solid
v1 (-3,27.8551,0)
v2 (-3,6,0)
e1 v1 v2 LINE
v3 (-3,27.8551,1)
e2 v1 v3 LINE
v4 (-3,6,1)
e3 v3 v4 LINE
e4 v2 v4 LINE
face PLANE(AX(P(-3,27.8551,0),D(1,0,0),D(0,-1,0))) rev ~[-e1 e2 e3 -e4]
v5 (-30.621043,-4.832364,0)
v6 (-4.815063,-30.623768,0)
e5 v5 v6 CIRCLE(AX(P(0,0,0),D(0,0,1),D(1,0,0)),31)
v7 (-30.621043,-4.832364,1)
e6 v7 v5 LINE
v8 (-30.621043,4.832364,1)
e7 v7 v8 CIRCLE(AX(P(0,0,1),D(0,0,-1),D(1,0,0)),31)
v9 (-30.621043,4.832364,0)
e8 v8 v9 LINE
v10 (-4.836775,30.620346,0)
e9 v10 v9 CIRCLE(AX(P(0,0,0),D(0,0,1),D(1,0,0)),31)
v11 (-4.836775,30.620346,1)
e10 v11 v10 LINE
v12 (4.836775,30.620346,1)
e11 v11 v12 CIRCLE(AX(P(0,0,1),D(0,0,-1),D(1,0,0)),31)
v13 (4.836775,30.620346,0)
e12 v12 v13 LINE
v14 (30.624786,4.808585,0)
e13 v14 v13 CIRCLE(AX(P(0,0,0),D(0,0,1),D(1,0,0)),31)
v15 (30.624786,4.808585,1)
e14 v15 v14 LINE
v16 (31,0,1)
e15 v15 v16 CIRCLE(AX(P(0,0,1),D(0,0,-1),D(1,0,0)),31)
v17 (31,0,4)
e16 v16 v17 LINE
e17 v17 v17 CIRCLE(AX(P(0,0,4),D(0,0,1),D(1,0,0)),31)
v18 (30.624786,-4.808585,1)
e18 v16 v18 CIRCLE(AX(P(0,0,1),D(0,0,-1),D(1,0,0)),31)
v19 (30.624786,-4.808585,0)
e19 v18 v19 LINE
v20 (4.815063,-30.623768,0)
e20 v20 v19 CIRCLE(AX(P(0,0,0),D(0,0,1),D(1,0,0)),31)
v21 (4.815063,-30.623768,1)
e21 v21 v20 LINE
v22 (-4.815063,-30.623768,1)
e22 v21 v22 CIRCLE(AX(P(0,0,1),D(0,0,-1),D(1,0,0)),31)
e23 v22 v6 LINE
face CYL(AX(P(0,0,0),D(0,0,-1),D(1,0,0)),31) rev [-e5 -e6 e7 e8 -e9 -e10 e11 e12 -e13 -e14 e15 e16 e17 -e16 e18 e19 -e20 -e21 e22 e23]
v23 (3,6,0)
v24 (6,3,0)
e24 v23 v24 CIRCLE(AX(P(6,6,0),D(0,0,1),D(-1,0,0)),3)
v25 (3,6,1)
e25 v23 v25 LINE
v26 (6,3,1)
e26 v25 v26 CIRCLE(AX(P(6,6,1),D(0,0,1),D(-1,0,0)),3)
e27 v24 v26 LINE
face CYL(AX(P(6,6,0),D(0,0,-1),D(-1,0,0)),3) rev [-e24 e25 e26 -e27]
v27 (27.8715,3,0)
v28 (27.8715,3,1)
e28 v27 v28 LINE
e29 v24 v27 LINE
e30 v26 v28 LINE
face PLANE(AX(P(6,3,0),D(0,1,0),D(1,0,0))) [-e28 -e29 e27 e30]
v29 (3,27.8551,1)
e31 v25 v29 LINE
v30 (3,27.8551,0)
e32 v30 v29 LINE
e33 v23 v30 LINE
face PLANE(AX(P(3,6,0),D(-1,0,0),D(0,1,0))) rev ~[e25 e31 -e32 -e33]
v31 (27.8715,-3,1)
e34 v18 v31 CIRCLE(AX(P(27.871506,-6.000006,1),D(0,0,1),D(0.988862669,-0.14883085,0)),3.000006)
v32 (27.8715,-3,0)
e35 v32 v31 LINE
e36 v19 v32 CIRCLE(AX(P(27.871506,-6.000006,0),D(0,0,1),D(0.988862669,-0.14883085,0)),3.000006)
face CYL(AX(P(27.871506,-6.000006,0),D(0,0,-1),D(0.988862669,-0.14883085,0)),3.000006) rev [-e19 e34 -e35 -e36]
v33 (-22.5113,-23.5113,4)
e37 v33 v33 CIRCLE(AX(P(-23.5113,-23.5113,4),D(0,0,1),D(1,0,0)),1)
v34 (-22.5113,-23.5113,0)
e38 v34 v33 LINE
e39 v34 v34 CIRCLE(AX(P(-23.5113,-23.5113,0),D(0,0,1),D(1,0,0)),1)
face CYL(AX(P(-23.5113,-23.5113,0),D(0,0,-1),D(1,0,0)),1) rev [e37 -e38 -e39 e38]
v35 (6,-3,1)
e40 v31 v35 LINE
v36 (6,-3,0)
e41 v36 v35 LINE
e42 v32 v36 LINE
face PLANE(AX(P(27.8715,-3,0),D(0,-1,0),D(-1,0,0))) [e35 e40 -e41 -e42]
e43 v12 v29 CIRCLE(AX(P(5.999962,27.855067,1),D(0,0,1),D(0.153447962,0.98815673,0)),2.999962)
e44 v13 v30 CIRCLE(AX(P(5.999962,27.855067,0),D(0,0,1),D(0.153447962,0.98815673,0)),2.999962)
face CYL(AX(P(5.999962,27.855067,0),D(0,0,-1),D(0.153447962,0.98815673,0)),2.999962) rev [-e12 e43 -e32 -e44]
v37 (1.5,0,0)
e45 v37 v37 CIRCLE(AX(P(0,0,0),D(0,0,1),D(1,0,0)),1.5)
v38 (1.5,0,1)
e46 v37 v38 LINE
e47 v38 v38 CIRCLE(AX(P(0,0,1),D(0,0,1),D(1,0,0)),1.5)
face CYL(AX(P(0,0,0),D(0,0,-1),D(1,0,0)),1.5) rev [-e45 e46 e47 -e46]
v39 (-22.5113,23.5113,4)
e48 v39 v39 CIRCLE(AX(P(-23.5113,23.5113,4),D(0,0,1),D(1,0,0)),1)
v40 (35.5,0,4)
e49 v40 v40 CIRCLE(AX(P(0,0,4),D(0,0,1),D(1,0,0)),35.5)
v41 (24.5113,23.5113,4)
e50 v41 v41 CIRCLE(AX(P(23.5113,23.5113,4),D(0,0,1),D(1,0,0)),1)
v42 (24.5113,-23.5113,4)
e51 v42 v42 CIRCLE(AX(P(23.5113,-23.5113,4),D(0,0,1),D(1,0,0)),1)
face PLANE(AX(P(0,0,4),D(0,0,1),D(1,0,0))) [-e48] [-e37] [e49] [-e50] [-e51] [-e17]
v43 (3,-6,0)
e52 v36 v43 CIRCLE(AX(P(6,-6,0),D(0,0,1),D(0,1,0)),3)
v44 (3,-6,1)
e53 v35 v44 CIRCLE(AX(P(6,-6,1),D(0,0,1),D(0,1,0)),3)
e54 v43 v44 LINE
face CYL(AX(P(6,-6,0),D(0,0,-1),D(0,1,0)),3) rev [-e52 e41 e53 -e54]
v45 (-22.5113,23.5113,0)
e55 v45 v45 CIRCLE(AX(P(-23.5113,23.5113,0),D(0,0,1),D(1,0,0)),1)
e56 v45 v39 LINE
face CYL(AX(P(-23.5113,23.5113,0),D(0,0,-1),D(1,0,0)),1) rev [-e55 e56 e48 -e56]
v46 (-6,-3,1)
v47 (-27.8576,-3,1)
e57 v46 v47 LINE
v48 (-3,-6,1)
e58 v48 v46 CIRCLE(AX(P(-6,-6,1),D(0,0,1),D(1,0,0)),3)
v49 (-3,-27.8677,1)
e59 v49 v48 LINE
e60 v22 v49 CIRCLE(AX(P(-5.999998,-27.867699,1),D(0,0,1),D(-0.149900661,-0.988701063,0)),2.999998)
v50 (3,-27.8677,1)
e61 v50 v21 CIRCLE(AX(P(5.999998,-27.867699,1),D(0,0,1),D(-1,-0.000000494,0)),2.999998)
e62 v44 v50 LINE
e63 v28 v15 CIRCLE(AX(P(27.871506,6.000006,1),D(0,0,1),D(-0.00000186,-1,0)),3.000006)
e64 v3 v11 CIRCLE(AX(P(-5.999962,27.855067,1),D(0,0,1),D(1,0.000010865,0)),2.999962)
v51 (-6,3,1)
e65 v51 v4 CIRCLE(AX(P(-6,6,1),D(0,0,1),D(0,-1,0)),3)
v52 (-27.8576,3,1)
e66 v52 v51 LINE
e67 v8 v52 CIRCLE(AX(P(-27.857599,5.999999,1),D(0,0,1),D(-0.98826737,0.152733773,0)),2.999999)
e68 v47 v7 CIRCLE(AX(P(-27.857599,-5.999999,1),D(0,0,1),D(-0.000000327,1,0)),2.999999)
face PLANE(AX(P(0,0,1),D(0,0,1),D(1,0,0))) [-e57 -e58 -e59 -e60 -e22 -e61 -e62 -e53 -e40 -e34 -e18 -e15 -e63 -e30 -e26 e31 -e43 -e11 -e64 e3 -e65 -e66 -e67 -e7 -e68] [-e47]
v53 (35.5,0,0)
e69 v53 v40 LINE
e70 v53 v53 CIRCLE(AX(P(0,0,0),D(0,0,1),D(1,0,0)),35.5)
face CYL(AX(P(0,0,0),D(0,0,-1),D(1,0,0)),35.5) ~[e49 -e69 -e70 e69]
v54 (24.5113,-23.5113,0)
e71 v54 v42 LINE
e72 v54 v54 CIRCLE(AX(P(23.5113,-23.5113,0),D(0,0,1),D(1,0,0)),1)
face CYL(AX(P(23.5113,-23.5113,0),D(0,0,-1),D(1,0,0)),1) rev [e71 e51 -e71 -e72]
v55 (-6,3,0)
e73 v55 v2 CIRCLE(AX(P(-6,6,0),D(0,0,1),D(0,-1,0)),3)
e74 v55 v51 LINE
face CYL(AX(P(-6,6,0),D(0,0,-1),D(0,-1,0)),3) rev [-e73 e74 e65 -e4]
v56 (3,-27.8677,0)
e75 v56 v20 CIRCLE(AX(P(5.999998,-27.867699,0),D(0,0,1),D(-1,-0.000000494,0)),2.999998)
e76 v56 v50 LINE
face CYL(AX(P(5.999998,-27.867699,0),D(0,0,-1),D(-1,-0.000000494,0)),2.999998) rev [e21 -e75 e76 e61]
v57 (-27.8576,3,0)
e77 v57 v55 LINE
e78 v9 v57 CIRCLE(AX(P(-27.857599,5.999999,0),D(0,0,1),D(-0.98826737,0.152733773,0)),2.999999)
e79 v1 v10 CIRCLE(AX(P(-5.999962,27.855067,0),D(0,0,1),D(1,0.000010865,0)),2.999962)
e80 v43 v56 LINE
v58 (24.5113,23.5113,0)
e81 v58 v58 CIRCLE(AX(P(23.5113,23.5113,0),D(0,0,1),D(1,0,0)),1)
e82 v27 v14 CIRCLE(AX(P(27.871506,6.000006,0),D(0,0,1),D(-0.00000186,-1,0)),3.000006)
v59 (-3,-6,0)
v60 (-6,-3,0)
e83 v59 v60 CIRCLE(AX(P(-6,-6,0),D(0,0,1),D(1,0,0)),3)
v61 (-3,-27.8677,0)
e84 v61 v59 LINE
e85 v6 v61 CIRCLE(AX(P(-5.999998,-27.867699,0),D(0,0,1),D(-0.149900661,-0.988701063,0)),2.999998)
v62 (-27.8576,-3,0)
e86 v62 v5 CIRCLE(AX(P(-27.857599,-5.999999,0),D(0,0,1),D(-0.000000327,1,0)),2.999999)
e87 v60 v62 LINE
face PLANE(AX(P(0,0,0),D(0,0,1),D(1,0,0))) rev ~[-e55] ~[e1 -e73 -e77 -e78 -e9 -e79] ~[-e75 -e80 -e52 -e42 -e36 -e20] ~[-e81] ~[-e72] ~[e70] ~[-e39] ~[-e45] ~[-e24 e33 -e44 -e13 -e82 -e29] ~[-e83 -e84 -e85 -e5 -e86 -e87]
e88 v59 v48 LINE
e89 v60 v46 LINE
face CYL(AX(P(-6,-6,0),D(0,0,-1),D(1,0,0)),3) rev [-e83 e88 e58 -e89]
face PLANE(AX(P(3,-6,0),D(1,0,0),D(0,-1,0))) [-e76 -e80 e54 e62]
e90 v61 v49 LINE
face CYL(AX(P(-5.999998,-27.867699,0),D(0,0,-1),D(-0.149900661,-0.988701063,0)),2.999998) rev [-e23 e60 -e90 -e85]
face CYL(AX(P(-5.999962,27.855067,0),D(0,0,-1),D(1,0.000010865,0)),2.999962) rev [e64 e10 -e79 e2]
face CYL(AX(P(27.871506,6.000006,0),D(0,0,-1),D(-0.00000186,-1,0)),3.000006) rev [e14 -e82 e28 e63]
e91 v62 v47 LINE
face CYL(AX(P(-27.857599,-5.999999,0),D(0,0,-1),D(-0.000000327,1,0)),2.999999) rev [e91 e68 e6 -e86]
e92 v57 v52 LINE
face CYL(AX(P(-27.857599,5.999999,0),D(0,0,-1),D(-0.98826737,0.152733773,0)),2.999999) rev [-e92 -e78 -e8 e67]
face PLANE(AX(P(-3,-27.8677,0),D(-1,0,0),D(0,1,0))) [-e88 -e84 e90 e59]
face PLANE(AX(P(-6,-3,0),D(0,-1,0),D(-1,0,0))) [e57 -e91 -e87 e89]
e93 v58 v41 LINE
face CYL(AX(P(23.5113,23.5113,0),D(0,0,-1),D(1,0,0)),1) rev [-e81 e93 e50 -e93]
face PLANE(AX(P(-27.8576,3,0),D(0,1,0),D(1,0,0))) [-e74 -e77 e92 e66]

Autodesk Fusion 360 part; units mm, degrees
sketch "Sketch1" plane through (0, 0, 0) normal (0, 0, 1) x (1, 0, 0)
  circle A0 centre (0, 0) radius 36.5
  circle A1 centre (0, 0) radius 31.5
  line L0 (3, 0) -> (36.5, 0) construction
  circle A2 centre (-24.0416, 24.0416) radius 1
  circle A3 centre (24.0416, 24.0416) radius 1
  circle A4 centre (-24.0416, -24.0416) radius 1
  circle A5 centre (24.0416, -24.0416) radius 1
  line L1 (3, 6) -> (3, 27.8551)
  line L2 (-3, 27.8551) -> (-3, 6)
  line L3 (6, 3) -> (27.8715, 3)
  line L4 (27.8715, -3) -> (6, -3)
  line L5 (3, -6) -> (3, -27.8677)
  line L6 (3, -35) -> (-3, -35)
  line L7 (-3, -27.8677) -> (-3, -6)
  line L8 (-6, -3) -> (-27.8576, -3)
  line L9 (-27.8576, 3) -> (-6, 3)
  arc A6 (3, 6) -> (6, 3) centre (6, 6) ccw
  arc A7 (6, -3) -> (3, -6) centre (6, -6) ccw
  arc A8 (-3, -6) -> (-6, -3) centre (-6, -6) ccw
  arc A9 (-6, 3) -> (-3, 6) centre (-6, 6) ccw
  line L10 (-30.8224, 6.4582) -> (-30.7996, 6.6055)
  line L11 (-30.8224, -6.4582) -> (-30.7996, -6.6055)
  arc A10 (-30.8224, 6.4582) -> (-27.8576, 3) centre (-27.8576, 6) ccw
  arc A11 (-27.8576, -3) -> (-30.8224, -6.4582) centre (-27.8576, -6) ccw
  line L12 (-6.4497, -30.8338) -> (-6.43, -30.8367)
  line L13 (6.4497, -30.8338) -> (6.43, -30.8367)
  arc A12 (-6.4497, -30.8338) -> (-3, -27.8677) centre (-6, -27.8677) ccw
  arc A13 (3, -27.8677) -> (6.4497, -30.8338) centre (6, -27.8677) ccw
  line L14 (30.8381, 6.4465) -> (30.8507, 6.3627)
  line L15 (30.8381, -6.4465) -> (30.8507, -6.3627)
  arc A14 (30.8381, -6.4465) -> (27.8715, -3) centre (27.8715, -6) ccw
  arc A15 (27.8715, 3) -> (30.8381, 6.4465) centre (27.8715, 6) ccw
  line L16 (6.4603, 30.8195) -> (6.6494, 30.7902)
  line L17 (-6.4603, 30.8195) -> (-6.6494, 30.7902)
  arc A16 (-3, 27.8551) -> (-6.4603, 30.8195) centre (-6, 27.8551) ccw
  arc A17 (6.4603, 30.8195) -> (3, 27.8551) centre (6, 27.8551) ccw
  circle A18 centre (0, 0) radius 1.5
  dimension "d1" = 73
  dimension "d2" = 63
  dimension "d5" = 2
  dimension "d6" = 2
  dimension "d7" = 2
  dimension "d8" = 2
  dimension "d10" = 3
  dimension "d11" = 3
  dimension "d12" = 3
  dimension "d13" = 3
  dimension "d14" = 3
  dimension "d15" = 3
  dimension "d16" = 3
  dimension "d17" = 3
  dimension "d18" = 3
  dimension "d19" = 3
  dimension "d20" = 3
  dimension "d21" = 3
  dimension "d22" = 3
extrude "Extrude1" add sketch "Sketch1" along normal blind 1 contours A1 L1 L2 L3 L4 L5 L7 L8 L9 A6 A7 A8 A9 L10 L11 A10 A11 A12 A13 A14 A15 L16 L17 A16 A17
sketch "Sketch2" plane through (0, 0, 1) normal (0, 0, 1) x (-1, 0, 0)
  circle A0 centre (0, 0) radius 1.5
  arc A1 (-6.6494, -30.7902) -> (6.6494, -30.7902) centre (0, 0) ccw
  line L0 (6.6494, -30.7902) -> (6.4603, -30.8195)
  arc A2 (3, -27.8551) -> (6.4603, -30.8195) centre (6, -27.8551) ccw
  line L1 (3, -27.8551) -> (3, -6)
  arc A3 (6, -3) -> (3, -6) centre (6, -6) ccw
  line L2 (6, -3) -> (27.8576, -3)
  arc A4 (30.8224, -6.4582) -> (27.8576, -3) centre (27.8576, -6) ccw
  line L3 (30.8224, -6.4582) -> (30.7996, -6.6055)
  arc A5 (30.7996, -6.6055) -> (30.7996, 6.6055) centre (0, 0) ccw
  line L4 (30.7996, 6.6055) -> (30.8224, 6.4582)
  arc A6 (27.8576, 3) -> (30.8224, 6.4582) centre (27.8576, 6) ccw
  line L5 (27.8576, 3) -> (6, 3)
  arc A7 (3, 6) -> (6, 3) centre (6, 6) ccw
  line L6 (3, 6) -> (3, 27.8677)
  arc A8 (6.4311, 30.8365) -> (3, 27.8677) centre (6, 27.8677) ccw
  arc A9 (6.4311, 30.8365) -> (-6.4311, 30.8365) centre (0, 0) ccw
  arc A10 (-3, 27.8677) -> (-6.4311, 30.8365) centre (-6, 27.8677) ccw
  line L7 (-3, 27.8677) -> (-3, 6)
  arc A11 (-6, 3) -> (-3, 6) centre (-6, 6) ccw
  line L8 (-6, 3) -> (-27.8715, 3)
  arc A12 (-30.8477, 6.3774) -> (-27.8715, 3) centre (-27.8715, 6) ccw
  arc A13 (-30.8477, 6.3774) -> (-30.8477, -6.3774) centre (0, 0) ccw
  arc A14 (-27.8715, -3) -> (-30.8477, -6.3774) centre (-27.8715, -6) ccw
  line L9 (-27.8715, -3) -> (-6, -3)
  arc A15 (-3, -6) -> (-6, -3) centre (-6, -6) ccw
  line L10 (-3, -6) -> (-3, -27.8551)
  arc A16 (-6.4603, -30.8195) -> (-3, -27.8551) centre (-6, -27.8551) ccw
  line L11 (-6.4603, -30.8195) -> (-6.6494, -30.7902)
sketch "Sketch3" plane through (0, 0, 0) normal (0, 0, 1) x (1, 0, 0)
  circle A0 centre (0, 0) radius 31
  circle A1 centre (0, 0) radius 35.5
  line L0 (0, 0) -> (31, 0) construction
  circle A2 centre (-23.5113, 23.5113) radius 1
  circle A3 centre (23.5113, 23.5113) radius 1
  circle A4 centre (23.5113, -23.5113) radius 1
  circle A5 centre (-23.5113, -23.5113) radius 1
  arc A6 (23.5113, -23.5113) -> (24.2077, -22.7936) centre (0, 0) ccw
  dimension "d25" = 62
  dimension "d26" = 71
  dimension "d29" = 2
  dimension "d30" = 2
  dimension "d31" = 2
  dimension "d32" = 2
extrude "Extrude2" add sketch "Sketch3" along normal blind 4
